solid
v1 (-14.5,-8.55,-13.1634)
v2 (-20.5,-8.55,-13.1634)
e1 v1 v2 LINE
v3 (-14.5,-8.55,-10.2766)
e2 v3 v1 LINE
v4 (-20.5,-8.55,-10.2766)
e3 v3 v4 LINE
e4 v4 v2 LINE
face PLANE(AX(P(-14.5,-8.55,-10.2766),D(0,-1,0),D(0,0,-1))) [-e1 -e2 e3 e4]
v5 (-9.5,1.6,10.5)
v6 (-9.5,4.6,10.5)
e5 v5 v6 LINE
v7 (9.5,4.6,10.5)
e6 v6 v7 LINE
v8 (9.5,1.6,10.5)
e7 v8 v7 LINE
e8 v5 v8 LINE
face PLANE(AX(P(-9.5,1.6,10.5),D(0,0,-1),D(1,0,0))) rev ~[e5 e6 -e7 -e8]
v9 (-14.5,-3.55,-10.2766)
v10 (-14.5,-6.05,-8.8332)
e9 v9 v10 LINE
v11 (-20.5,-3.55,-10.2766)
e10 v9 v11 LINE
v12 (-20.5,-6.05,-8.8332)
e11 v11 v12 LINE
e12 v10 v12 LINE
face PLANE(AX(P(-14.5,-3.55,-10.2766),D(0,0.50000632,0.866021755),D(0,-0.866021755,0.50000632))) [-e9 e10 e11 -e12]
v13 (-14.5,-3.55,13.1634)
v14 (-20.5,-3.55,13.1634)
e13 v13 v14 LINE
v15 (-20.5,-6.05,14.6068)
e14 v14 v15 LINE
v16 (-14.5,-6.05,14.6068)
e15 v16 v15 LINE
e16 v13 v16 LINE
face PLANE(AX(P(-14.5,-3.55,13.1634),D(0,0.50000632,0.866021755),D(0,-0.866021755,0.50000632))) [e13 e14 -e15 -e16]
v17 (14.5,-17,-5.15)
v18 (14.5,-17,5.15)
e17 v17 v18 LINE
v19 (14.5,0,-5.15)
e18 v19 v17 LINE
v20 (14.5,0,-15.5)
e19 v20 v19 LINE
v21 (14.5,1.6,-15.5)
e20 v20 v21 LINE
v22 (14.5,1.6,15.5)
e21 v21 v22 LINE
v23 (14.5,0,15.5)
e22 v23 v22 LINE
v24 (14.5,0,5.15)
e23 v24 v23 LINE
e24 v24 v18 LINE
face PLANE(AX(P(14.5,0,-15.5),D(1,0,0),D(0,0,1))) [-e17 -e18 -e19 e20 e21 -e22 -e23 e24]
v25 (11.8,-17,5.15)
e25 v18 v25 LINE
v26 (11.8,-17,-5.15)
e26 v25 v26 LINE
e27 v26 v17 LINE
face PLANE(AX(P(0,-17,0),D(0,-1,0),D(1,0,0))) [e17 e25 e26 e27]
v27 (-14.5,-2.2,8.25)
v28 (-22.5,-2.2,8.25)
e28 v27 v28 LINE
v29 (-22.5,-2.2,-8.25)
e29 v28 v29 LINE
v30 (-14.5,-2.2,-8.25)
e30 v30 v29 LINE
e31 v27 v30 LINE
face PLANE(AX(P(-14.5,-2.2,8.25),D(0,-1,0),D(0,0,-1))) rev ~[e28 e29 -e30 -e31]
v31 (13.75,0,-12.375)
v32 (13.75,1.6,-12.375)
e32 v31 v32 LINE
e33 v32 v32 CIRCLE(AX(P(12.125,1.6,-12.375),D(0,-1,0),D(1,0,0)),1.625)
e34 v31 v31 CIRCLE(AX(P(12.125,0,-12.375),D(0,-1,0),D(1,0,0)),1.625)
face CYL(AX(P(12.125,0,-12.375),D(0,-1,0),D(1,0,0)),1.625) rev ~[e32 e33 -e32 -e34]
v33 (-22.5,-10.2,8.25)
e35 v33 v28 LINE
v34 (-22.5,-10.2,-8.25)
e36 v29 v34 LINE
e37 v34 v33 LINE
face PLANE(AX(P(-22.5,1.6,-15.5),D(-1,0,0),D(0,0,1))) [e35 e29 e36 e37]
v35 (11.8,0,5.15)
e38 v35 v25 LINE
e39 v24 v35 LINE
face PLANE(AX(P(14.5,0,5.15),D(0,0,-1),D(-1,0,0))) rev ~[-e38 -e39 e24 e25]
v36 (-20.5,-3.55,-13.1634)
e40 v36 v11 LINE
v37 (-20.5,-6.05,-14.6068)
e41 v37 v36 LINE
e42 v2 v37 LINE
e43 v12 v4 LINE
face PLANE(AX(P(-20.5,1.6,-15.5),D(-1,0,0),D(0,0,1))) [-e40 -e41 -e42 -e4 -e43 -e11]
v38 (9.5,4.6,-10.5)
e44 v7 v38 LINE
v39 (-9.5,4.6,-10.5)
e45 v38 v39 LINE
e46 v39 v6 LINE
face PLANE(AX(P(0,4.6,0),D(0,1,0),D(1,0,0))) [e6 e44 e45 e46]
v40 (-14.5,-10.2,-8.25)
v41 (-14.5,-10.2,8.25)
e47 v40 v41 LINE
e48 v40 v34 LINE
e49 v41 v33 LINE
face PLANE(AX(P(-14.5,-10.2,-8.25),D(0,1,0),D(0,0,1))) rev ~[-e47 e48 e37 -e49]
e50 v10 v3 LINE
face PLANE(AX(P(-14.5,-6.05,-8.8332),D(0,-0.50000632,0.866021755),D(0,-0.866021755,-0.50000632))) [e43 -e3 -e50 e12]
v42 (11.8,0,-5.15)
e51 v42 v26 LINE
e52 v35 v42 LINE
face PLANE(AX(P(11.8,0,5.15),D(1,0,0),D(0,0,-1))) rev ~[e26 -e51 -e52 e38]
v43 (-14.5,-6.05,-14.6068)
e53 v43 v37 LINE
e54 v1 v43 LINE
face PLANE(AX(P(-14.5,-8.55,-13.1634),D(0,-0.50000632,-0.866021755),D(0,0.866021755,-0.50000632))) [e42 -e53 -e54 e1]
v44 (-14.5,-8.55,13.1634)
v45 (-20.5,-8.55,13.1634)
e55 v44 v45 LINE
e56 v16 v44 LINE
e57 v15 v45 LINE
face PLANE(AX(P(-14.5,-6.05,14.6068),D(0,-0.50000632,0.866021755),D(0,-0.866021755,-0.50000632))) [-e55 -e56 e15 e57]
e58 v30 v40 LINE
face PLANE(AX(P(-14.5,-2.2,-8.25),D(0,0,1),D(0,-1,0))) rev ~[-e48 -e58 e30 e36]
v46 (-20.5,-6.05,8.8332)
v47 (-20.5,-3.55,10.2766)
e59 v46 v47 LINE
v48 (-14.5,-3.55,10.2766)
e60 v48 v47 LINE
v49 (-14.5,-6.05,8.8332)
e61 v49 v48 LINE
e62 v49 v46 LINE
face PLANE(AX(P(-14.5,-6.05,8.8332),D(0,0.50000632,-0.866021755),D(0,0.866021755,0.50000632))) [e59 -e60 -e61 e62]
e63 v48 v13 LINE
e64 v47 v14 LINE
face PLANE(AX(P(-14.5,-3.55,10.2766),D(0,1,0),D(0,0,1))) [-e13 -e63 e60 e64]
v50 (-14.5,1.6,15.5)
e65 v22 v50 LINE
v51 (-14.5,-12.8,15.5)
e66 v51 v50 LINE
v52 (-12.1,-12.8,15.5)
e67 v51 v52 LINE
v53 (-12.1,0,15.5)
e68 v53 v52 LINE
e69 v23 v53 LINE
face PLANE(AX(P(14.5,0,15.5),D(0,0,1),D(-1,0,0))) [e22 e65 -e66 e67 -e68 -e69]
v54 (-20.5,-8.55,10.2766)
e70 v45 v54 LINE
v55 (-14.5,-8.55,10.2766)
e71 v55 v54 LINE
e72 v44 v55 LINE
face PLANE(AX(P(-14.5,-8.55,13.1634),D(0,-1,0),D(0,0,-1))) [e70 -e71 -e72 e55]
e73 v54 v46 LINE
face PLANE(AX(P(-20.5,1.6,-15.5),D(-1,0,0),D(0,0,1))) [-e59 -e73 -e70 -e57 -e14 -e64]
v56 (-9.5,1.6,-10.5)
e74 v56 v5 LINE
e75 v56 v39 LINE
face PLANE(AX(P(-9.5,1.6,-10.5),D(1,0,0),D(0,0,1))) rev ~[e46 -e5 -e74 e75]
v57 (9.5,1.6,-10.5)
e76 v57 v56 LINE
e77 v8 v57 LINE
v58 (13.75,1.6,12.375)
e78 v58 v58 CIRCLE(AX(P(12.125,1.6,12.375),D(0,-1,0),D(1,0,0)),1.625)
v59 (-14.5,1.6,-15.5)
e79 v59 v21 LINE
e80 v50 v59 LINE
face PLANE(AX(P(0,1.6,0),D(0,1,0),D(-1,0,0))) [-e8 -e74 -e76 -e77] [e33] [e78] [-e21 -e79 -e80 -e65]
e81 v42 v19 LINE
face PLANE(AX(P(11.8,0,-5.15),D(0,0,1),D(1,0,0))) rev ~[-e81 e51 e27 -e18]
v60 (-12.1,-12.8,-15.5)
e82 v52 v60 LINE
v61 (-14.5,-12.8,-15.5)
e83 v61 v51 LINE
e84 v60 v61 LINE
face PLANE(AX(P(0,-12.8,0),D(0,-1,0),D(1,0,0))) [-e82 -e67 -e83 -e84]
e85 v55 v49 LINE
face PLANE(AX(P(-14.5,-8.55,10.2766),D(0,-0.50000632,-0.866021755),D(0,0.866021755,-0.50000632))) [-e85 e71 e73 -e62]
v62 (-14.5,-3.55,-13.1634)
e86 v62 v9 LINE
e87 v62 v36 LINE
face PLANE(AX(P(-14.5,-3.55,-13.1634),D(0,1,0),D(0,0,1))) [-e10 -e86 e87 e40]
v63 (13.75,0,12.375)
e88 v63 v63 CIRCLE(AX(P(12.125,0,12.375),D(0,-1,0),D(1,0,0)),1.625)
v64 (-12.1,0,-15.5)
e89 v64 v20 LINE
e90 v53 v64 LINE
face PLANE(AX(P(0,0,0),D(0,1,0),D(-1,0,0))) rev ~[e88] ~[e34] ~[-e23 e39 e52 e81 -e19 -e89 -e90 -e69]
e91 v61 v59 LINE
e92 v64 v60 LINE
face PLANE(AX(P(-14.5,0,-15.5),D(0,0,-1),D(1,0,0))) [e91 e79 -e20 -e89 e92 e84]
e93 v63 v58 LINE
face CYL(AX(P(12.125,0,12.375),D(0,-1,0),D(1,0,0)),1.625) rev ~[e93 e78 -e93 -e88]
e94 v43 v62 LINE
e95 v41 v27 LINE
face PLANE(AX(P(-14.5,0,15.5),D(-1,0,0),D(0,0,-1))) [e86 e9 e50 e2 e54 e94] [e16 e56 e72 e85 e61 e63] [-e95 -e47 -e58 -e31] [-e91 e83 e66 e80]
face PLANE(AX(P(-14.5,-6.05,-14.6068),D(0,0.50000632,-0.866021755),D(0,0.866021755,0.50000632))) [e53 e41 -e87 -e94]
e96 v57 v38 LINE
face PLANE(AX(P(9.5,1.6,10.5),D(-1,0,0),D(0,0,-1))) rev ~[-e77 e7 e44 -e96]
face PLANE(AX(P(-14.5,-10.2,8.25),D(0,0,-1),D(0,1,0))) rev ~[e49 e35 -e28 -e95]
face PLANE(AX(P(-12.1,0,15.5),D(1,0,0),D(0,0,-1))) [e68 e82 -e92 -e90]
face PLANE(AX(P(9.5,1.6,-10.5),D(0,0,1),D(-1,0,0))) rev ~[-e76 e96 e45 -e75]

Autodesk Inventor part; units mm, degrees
ref_plane "YZ Plane" through (0, 0, 0) normal (1, 0, 0) x (0, 1, 0)
ref_plane "XZ Plane" through (0, 0, 0) normal (0, 1, 0) x (-1, 0, 0)
ref_plane "XY Plane" through (0, 0, 0) normal (0, 0, 1) x (1, 0, 0)
sketch "Sketch1" plane through (0, 0, 0) normal (0, 1, 0) x (-1, 0, 0)
  line L0 (14.5, -15.5) -> (-14.5, -15.5)
  line L1 (-14.5, -15.5) -> (-14.5, 15.5)
  line L2 (-14.5, 15.5) -> (14.5, 15.5)
  line L3 (14.5, 15.5) -> (14.5, -15.5)
  line L4 (14.5, -15.5) -> (-14.5, 15.5) construction
  line L5 (-14.5, -15.5) -> (14.5, 15.5) construction
  point P0 (0, 0)
  dimension "d0" = 29
  dimension "d1" = 31
extrude "Extrusion1" add sketch "Sketch1" along normal blind 1.6
sketch "Sketch2" plane through (0, 0, 0) normal (0, -1, 0) x (1, 0, 0)
  line L0 (-14.5, 15.5) -> (-12.1, 15.5)
  line L1 (-12.1, 15.5) -> (-12.1, -15.5)
  line L2 (-12.1, -15.5) -> (-14.5, -15.5)
  line L3 (-14.5, -15.5) -> (-14.5, 15.5)
  point P0 (0, 0)
  dimension "d4" = 2.4
extrude "Extrusion2" add sketch "Sketch2" along normal blind 12.8
sketch "Sketch3" plane through (0, 0, 0) normal (0, -1, 0) x (1, 0, 0)
  line L0 (-14.5, 15.5) -> (14.5, 15.5) construction
  line L1 (12.125, 15.5) -> (12.125, -15.5904) construction
  line L2 (14.5, -15.5) -> (14.5, 15.5) construction
  line L3 (12.125, 12.375) -> (14.5, 12.375) construction
  line L4 (12.125, -12.375) -> (14.5, -12.375) construction
  line L5 (-12.1, -15.5) -> (14.5, -15.5) construction
  circle A0 centre (12.125, 12.375) radius 1.625
  circle A1 centre (12.125, -12.375) radius 1.625
  point P0 (0, 0)
  dimension "d7" = 2.375
  dimension "d8" = 3.125
  dimension "d9" = 3.125
  dimension "d10" = 3.25
extrude "Extrusion3" cut sketch "Sketch3" against normal through all
sketch "Sketch4" plane through (-14.5, 1.6, -15.5) normal (-1, 0, 0) x (0, 0, 1)
  line L0 (30.9539, -7.65) -> (0, -7.65) construction
  line L1 (0, -14.4) -> (0, 0) construction
  line L2 (0, 0) -> (31, 0) construction
  line L3 (24.3332, -7.65) -> (25.7766, -5.15)
  line L4 (25.7766, -5.15) -> (28.6634, -5.15)
  line L5 (28.6634, -5.15) -> (30.1068, -7.65)
  line L6 (30.1068, -7.65) -> (28.6634, -10.15)
  line L7 (28.6634, -10.15) -> (25.7766, -10.15)
  line L8 (25.7766, -10.15) -> (24.3332, -7.65)
  line L9 (2.3366, -10.15) -> (0.8932, -7.65)
  line L10 (0.8932, -7.65) -> (2.3366, -5.15)
  line L11 (2.3366, -5.15) -> (5.2234, -5.15)
  line L12 (5.2234, -5.15) -> (6.6668, -7.65)
  line L13 (6.6668, -7.65) -> (5.2234, -10.15)
  line L14 (5.2234, -10.15) -> (2.3366, -10.15)
  line L15 (31, 0) -> (31, -14.4) projected
  point P0 (15.5, -1.6)
  point P1 (27.22, -7.65)
  point P2 (3.78, -7.65)
  dimension "d13" = 7.65
  dimension "d14" = 5
  dimension "d15" = 3.78
  dimension "d16" = 3.78
extrude "Extrusion4" add sketch "Sketch4" along normal blind 6
sketch "Sketch5" plane through (-14.5, 1.6, -15.5) normal (-1, 0, 0) x (0, 0, 1)
  line L0 (0, 0) -> (31, 0) construction
  line L1 (15.5, 0) -> (15.5, -14.4) construction
  line L2 (31, -14.4) -> (0, -14.4) construction
  line L3 (23.75, -3.8) -> (7.25, -3.8)
  line L4 (7.25, -3.8) -> (7.25, -11.8)
  line L5 (7.25, -11.8) -> (23.75, -11.8)
  line L6 (23.75, -11.8) -> (23.75, -3.8)
  line L7 (23.75, -3.8) -> (7.25, -11.8) construction
  line L8 (7.25, -3.8) -> (23.75, -11.8) construction
  point P0 (15.5, -1.6)
  point P1 (15.5, -7.8)
  dimension "d19" = 3.8
  dimension "d20" = 8
  dimension "d21" = 16.5
extrude "Extrusion5" add sketch "Sketch5" along normal blind 8
sketch "Sketch6" plane through (0, 1.6, 0) normal (0, 1, 0) x (1, 0, 0)
  line L0 (9.5, -10.5) -> (9.5, 10.5)
  line L1 (9.5, 10.5) -> (-9.5, 10.5)
  line L2 (-9.5, 10.5) -> (-9.5, -10.5)
  line L3 (-9.5, -10.5) -> (9.5, -10.5)
  line L4 (9.5, -10.5) -> (-9.5, 10.5) construction
  line L5 (9.5, 10.5) -> (-9.5, -10.5) construction
  line L6 (14.5, -15.5) -> (14.5, 15.5) projected
  line L7 (-14.5, -15.5) -> (14.5, -15.5) projected
  point P0 (0, 0)
  dimension "d24" = 5
  dimension "d25" = 5
extrude "Extrusion6" add sketch "Sketch6" along normal blind 3
sketch "Sketch7" plane through (0, 0, 0) normal (0, -1, 0) x (1, 0, 0)
  line L0 (-12.1, 15.5) -> (-12.1, -15.5) construction
  line L1 (-12.1, 0) -> (14.5, 0) construction
  line L2 (14.5, 15.5) -> (14.5, -15.5) construction
  line L3 (14.5, -5.15) -> (14.5, 5.15)
  line L4 (14.5, 5.15) -> (11.8, 5.15)
  line L5 (11.8, 5.15) -> (11.8, -5.15)
  line L6 (11.8, -5.15) -> (14.5, -5.15)
  line L7 (14.5, -5.15) -> (11.8, 5.15) construction
  line L8 (14.5, 5.15) -> (11.8, -5.15) construction
  point P0 (0, 0)
  point P1 (13.15, 0)
  dimension "d28" = 10.3
  dimension "d29" = 2.7
  dimension "d30" = 0
extrude "Extrusion7" add sketch "Sketch7" along normal blind 17
properties part number "RS 232 Board"
